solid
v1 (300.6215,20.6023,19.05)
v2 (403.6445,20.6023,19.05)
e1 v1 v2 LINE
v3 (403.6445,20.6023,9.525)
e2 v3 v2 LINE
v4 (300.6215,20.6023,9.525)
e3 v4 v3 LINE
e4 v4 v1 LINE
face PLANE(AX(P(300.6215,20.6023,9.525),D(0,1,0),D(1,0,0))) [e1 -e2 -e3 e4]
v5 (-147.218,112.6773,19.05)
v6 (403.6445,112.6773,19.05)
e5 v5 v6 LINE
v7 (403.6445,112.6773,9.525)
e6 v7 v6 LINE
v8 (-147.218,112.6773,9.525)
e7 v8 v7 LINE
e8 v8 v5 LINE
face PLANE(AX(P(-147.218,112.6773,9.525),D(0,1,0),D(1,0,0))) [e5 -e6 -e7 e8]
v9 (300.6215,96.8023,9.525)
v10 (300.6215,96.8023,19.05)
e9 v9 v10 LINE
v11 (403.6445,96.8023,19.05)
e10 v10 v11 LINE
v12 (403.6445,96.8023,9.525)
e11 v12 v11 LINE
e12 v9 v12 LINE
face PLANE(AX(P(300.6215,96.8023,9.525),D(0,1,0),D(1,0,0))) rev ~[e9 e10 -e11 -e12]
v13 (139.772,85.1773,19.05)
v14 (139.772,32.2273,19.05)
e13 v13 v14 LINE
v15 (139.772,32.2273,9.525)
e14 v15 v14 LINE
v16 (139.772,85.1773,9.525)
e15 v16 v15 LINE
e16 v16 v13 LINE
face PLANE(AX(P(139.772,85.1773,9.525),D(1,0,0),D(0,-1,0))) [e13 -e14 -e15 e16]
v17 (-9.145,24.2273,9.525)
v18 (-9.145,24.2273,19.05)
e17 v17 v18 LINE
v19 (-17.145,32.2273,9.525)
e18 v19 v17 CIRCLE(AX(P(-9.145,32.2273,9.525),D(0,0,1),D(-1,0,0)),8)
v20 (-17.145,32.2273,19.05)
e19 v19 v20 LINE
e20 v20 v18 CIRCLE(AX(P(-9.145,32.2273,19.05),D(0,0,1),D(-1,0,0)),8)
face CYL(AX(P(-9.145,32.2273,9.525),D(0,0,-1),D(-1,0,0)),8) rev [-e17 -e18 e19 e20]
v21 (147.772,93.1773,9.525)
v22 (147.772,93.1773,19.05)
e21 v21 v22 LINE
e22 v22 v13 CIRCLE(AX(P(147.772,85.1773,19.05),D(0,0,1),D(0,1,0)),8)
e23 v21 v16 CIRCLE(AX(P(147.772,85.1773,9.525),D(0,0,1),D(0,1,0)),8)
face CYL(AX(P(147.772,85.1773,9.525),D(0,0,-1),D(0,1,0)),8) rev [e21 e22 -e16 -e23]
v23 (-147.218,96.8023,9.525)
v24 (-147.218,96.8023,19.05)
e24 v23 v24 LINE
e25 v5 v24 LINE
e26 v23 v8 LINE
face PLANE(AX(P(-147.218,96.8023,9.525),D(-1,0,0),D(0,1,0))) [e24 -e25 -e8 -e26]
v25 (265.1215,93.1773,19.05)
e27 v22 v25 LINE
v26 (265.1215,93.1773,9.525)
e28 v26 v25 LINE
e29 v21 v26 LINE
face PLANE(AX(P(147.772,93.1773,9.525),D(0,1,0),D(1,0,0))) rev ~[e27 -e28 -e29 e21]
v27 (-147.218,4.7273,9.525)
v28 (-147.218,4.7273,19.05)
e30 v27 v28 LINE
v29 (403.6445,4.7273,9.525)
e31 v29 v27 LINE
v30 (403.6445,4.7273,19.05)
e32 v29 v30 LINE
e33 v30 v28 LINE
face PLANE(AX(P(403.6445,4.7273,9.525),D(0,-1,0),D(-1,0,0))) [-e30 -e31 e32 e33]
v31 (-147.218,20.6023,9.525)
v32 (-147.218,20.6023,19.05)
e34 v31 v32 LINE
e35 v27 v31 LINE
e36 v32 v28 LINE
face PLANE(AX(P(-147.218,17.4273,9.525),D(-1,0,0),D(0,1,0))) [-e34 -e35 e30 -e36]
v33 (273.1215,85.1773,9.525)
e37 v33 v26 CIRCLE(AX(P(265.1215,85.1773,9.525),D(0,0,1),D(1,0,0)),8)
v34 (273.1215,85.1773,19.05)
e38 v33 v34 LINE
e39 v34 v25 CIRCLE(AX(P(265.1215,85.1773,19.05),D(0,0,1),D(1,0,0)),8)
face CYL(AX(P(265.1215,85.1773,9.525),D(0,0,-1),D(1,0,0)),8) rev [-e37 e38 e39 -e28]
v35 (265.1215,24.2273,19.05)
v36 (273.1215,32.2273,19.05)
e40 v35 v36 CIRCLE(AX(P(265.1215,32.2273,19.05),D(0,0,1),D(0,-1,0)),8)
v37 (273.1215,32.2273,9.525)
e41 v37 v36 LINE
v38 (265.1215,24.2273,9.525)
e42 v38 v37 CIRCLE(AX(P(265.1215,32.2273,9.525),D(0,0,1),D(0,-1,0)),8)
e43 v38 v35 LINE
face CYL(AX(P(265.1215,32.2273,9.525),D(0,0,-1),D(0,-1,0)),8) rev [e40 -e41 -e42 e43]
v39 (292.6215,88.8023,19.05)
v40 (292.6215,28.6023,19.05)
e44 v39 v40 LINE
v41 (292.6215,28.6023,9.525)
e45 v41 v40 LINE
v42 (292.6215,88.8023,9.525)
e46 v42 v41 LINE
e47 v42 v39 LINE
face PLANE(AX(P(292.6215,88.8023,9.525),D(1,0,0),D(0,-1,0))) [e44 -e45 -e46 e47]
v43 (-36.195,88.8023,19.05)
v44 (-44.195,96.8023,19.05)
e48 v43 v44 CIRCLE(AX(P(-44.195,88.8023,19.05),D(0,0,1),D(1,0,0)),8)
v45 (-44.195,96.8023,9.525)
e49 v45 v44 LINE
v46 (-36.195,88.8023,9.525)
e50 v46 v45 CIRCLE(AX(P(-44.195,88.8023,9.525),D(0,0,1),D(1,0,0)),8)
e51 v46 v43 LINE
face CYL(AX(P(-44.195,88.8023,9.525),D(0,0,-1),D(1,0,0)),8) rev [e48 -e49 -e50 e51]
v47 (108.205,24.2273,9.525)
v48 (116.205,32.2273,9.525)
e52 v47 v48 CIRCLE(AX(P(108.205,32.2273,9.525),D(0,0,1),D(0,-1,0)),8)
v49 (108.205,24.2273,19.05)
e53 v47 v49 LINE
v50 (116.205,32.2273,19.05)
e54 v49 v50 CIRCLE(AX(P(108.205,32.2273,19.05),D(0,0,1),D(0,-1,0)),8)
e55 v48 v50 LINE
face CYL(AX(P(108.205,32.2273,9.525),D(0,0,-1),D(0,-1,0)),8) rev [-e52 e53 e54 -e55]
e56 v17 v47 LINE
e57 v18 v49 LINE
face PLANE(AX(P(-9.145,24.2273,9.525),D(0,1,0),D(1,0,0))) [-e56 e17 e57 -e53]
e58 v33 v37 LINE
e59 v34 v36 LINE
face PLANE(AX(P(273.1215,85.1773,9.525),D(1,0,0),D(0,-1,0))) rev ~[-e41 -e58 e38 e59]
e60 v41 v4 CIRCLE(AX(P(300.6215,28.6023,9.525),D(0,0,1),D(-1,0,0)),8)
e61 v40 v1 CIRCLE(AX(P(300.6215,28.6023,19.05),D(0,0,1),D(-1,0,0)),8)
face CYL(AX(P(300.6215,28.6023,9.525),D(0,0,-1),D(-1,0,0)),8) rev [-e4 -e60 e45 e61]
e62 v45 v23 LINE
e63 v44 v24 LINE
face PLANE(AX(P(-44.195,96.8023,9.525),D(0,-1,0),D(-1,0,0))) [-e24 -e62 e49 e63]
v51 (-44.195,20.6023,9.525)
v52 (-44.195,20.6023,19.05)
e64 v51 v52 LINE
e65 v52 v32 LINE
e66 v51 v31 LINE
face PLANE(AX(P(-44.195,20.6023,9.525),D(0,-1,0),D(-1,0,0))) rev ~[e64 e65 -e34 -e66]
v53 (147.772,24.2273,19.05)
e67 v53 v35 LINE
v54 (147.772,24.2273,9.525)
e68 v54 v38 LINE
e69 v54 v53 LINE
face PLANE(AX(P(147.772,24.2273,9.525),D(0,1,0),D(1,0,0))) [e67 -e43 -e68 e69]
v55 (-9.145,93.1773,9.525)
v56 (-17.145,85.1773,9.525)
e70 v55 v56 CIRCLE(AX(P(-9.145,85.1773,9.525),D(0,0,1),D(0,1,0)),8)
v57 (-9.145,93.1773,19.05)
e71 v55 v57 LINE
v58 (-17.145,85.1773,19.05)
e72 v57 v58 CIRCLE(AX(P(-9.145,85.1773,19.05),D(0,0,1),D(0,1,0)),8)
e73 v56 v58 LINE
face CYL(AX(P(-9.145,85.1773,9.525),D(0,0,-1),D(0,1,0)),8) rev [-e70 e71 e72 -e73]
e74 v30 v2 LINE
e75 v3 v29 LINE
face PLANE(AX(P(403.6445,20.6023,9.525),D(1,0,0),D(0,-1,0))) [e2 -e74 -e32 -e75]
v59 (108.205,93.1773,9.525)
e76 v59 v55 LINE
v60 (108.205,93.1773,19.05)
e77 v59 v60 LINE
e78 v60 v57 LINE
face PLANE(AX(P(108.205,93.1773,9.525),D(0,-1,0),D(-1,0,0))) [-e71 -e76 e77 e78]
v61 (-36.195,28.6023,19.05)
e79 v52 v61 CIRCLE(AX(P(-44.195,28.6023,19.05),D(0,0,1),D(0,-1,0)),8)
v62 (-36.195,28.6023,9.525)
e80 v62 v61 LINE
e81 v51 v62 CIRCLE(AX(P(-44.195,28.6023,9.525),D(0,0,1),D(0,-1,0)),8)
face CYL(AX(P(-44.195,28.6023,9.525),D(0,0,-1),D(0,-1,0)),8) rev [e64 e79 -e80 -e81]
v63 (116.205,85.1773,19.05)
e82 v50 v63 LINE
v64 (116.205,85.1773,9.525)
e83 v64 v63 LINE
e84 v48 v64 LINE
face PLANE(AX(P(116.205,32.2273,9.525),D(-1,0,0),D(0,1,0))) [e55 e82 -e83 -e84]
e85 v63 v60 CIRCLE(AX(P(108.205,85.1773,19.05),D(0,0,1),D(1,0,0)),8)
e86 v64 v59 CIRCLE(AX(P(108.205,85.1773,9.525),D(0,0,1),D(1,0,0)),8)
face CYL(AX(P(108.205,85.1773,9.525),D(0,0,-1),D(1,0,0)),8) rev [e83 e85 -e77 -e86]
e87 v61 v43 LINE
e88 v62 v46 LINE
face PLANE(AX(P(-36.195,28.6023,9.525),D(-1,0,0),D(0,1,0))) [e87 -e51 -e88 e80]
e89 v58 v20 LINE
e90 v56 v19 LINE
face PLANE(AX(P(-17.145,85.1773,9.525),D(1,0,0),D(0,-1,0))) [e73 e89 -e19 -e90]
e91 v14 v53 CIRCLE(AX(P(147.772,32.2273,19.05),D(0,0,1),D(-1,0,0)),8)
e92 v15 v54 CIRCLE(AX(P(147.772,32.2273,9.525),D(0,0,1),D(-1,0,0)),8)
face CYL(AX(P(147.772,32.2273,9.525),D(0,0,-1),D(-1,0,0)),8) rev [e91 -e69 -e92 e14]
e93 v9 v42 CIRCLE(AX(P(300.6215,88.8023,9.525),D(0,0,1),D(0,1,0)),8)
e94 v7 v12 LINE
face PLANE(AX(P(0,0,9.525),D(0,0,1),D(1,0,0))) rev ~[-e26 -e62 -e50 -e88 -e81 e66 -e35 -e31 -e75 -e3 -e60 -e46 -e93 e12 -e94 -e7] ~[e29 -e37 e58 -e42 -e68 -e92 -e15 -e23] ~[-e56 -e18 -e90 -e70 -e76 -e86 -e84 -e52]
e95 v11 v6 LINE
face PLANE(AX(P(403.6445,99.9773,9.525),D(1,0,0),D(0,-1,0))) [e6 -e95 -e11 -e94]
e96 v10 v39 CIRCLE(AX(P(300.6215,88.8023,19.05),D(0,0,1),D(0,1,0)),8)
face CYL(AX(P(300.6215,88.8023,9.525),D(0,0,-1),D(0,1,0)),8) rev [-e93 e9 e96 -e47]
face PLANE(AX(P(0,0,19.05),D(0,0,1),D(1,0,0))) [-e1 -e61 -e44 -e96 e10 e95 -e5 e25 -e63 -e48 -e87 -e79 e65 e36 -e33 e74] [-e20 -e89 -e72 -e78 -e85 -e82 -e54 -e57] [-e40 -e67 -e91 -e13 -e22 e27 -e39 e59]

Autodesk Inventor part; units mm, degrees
ref_plane "YZ Plane" through (0, 0, 0) normal (1, 0, 0) x (0, 1, 0)
ref_plane "XZ Plane" through (0, 0, 0) normal (0, 1, 0) x (-1, 0, 0)
ref_plane "XY Plane" through (0, 0, 0) normal (0, 0, 1) x (1, 0, 0)
ref_plane "Work Plane3" through (-147.218, 17.4273, 6.525) normal (0, 0, 1) x (1, 0, 0)
sketch "Sketch7" plane through (-147.218, 17.4273, 6.525) normal (0, 0, 1) x (1, 0, 0)
  line L0 (-4.0025, 142.0373) -> (8.6975, 142.0373)
  line L1 (8.6975, 166.8648) -> (534.16, 166.8648)
  line L2 (534.16, 151.8648) -> (546.86, 151.8648)
  line L3 (534.16, -35.9627) -> (546.86, -35.9627)
  line L4 (8.6975, 158.8648) -> (113.79, 158.8648)
  line L5 (113.79, 142.8648) -> (218.8825, 142.8648)
  line L6 (218.8825, 161.8648) -> (323.975, 161.8648)
  line L7 (323.975, 142.8648) -> (429.0675, 142.8648)
  circle A0 centre (117.7905, 87.3125) radius 3.175
  circle A1 centre (117.7905, -4.7625) radius 3.175
  circle A2 centre (12.6975, 87.3125) radius 3.175
  circle A3 centre (12.6975, -4.7625) radius 3.175
  circle A4 centre (222.8835, 87.3125) radius 3.175
  circle A5 centre (327.9765, 87.3125) radius 3.175
  circle A6 centre (433.0695, 87.3125) radius 3.175
  circle A7 centre (538.1625, 87.3125) radius 3.175
  circle A8 centre (222.8835, -4.7625) radius 3.175
  circle A9 centre (327.9765, -4.7625) radius 3.175
  circle A10 centre (433.0695, -4.7625) radius 3.175
  circle A11 centre (538.1625, -4.7625) radius 3.175
  line L8 (550.8625, -12.7) -> (550.8625, 3.175) projected
  line L9 (-0.0005, 95.25) -> (550.8625, 95.25)
  line L10 (550.8625, 95.25) -> (550.8625, -12.7)
  line L11 (550.8625, -12.7) -> (-0.0005, -12.7)
  line L12 (-0.0005, -12.7) -> (-0.0005, 95.25)
  line L13 (550.862, -9.525) -> (0, -9.525) projected
  point P0 (147.218, -17.4273)
  point P1 (431.29, 55.0373)
  dimension "d164" = 12.7
  dimension "d166" = 525.4625
  dimension "d167" = 12.7
  dimension "d168" = 105.0925
  dimension "d169" = 105.0925
  dimension "d170" = 105.0925
  dimension "d171" = 105.0925
  dimension "d172" = 105.0925
  dimension "d173" = 6.35
  dimension "d174" = 6.35
  dimension "d176" = 6.35
  dimension "d177" = 6.35
  dimension "d178" = 6.35
  dimension "d179" = 6.35
  dimension "d180" = 6.35
  dimension "d181" = 6.35
  dimension "d182" = 6.35
  dimension "d183" = 6.35
  dimension "d184" = 6.35
  dimension "d185" = 107.95
  dimension "d186" = 550.863
  dimension "d189" = 105.093
  dimension "d195" = 105.093
  dimension "d196" = 105.093
  dimension "d197" = 105.093
  dimension "d204" = 105.093
  dimension "d205" = 105.093
  dimension "d209" = 105.093
  dimension "d210" = 105.093
  dimension "d215" = 7.9375
  dimension "d217" = 7.9375
  dimension "d218" = 7.9375
  dimension "d219" = 7.9375
  dimension "d220" = 7.9375
  dimension "d221" = 7.9375
  dimension "d222" = 7.9375
  dimension "d223" = 105.093
  dimension "d224" = 105.093
  dimension "d225" = 7.9375
  dimension "d226" = 7.9375
  dimension "d227" = 7.9375
  dimension "d229" = 7.9375
  dimension "d231" = 12.7
  dimension "d232" = 12.7
  dimension "d233" = 12.698
  dimension "d234" = 7.9375
  dimension "d235" = 12.698
hole "Hole5" [suppressed]
ref_plane "Work Plane4" through (0, 0, 9.525) normal (0, 0, 1) x (1, 0, 0)
sketch "Sketch8" plane through (0, 0, 9.525) normal (0, 0, 1) x (1, 0, 0)
  line L0 (292.6215, 88.8023) -> (292.6215, 28.6023)
  line L1 (273.1215, 85.1773) -> (273.1215, 32.2273)
  line L2 (-36.195, 28.6023) -> (-36.195, 88.8023)
  line L3 (-17.145, 85.1773) -> (-17.145, 32.2273)
  line L4 (-9.145, 24.2273) -> (108.205, 24.2273)
  line L5 (116.205, 32.2273) -> (116.205, 85.1773)
  line L6 (108.205, 93.1773) -> (-9.145, 93.1773)
  line L7 (147.772, 93.1773) -> (265.1215, 93.1773)
  line L8 (139.772, 85.1773) -> (139.772, 32.2273)
  line L9 (147.772, 24.2273) -> (265.1215, 24.2273)
  arc A0 (-9.145, 93.1773) -> (-17.145, 85.1773) centre (-9.145, 85.1773) ccw
  arc A1 (116.205, 85.1773) -> (108.205, 93.1773) centre (108.205, 85.1773) ccw
  arc A2 (-17.145, 32.2273) -> (-9.145, 24.2273) centre (-9.145, 32.2273) ccw
  arc A3 (108.205, 24.2273) -> (116.205, 32.2273) centre (108.205, 32.2273) ccw
  arc A4 (147.772, 93.1773) -> (139.772, 85.1773) centre (147.772, 85.1773) ccw
  arc A5 (273.1215, 85.1773) -> (265.1215, 93.1773) centre (265.1215, 85.1773) ccw
  arc A6 (265.1215, 24.2273) -> (273.1215, 32.2273) centre (265.1215, 32.2273) ccw
  arc A7 (139.772, 32.2273) -> (147.772, 24.2273) centre (147.772, 32.2273) ccw
  arc A8 (300.6215, 96.8023) -> (292.6215, 88.8023) centre (300.6215, 88.8023) ccw
  arc A9 (292.6215, 28.6023) -> (300.6215, 20.6023) centre (300.6215, 28.6023) ccw
  arc A10 (-36.195, 88.8023) -> (-44.195, 96.8023) centre (-44.195, 88.8023) ccw
  arc A11 (-44.195, 20.6023) -> (-36.195, 28.6023) centre (-44.195, 28.6023) ccw
  line L10 (-44.195, 96.8023) -> (-147.218, 96.8023)
  line L11 (-44.195, 20.6023) -> (-147.218, 20.6023)
  line L12 (300.6215, 96.8023) -> (403.6445, 96.8023)
  line L13 (300.6215, 20.6023) -> (403.6445, 20.6023)
  line L14 (-147.218, 112.6773) -> (403.6445, 112.6773)
  line L15 (403.6445, 112.6773) -> (403.6445, 4.7273)
  line L16 (403.6445, 4.7273) -> (-147.218, 4.7273)
  line L17 (-147.218, 4.7273) -> (-147.218, 112.6773)
  line L18 (-147.218, 109.5023) -> (403.6445, 109.5023)
  line L19 (-147.218, 99.9773) -> (403.6445, 99.9773)
  line L20 (-147.218, 7.9023) -> (403.6445, 7.9023)
  line L21 (-147.218, 17.4273) -> (403.6445, 17.4273)
  line L22 (292.6215, 88.8023) -> (292.6215, 28.6023)
  line L23 (273.1215, 85.1773) -> (273.1215, 32.2273)
  line L24 (-36.195, 28.6023) -> (-36.195, 88.8023)
  line L25 (-17.145, 85.1773) -> (-17.145, 32.2273)
  line L26 (-9.145, 24.2273) -> (108.205, 24.2273)
  line L27 (116.205, 32.2273) -> (116.205, 85.1773)
  line L28 (108.205, 93.1773) -> (-9.145, 93.1773)
  line L29 (147.772, 93.1773) -> (265.1215, 93.1773)
  line L30 (139.772, 85.1773) -> (139.772, 32.2273)
  line L31 (147.772, 24.2273) -> (265.1215, 24.2273)
  arc A12 (-9.145, 93.1773) -> (-17.145, 85.1773) centre (-9.145, 85.1773) ccw
  arc A13 (116.205, 85.1773) -> (108.205, 93.1773) centre (108.205, 85.1773) ccw
  arc A14 (-17.145, 32.2273) -> (-9.145, 24.2273) centre (-9.145, 32.2273) ccw
  arc A15 (108.205, 24.2273) -> (116.205, 32.2273) centre (108.205, 32.2273) ccw
  arc A16 (147.772, 93.1773) -> (139.772, 85.1773) centre (147.772, 85.1773) ccw
  arc A17 (273.1215, 85.1773) -> (265.1215, 93.1773) centre (265.1215, 85.1773) ccw
  arc A18 (265.1215, 24.2273) -> (273.1215, 32.2273) centre (265.1215, 32.2273) ccw
  arc A19 (139.772, 32.2273) -> (147.772, 24.2273) centre (147.772, 32.2273) ccw
  arc A20 (300.6215, 96.8023) -> (292.6215, 88.8023) centre (300.6215, 88.8023) ccw
  arc A21 (292.6215, 28.6023) -> (300.6215, 20.6023) centre (300.6215, 28.6023) ccw
  arc A22 (-36.195, 88.8023) -> (-44.195, 96.8023) centre (-44.195, 88.8023) ccw
  arc A23 (-44.195, 20.6023) -> (-36.195, 28.6023) centre (-44.195, 28.6023) ccw
  line L32 (-44.195, 96.8023) -> (-147.218, 96.8023)
  line L33 (-44.195, 20.6023) -> (-147.218, 20.6023)
  line L34 (300.6215, 96.8023) -> (403.6445, 96.8023)
  line L35 (300.6215, 20.6023) -> (403.6445, 20.6023)
  line L36 (-147.218, 112.6773) -> (403.6445, 112.6773)
  line L37 (403.6445, 112.6773) -> (403.6445, 4.7273)
  line L38 (403.6445, 4.7273) -> (-147.218, 4.7273)
  line L39 (-147.218, 4.7273) -> (-147.218, 112.6773)
  line L40 (-147.218, 109.5023) -> (403.6445, 109.5023)
  line L41 (-147.218, 99.9773) -> (403.6445, 99.9773)
  line L42 (-147.218, 7.9023) -> (403.6445, 7.9023)
  line L43 (-147.218, 17.4273) -> (403.6445, 17.4273)
  point P0 (0, 0)
  point P1 (0, 0)
  point P2 (116.205, 58.4523)
  point P3 (0, 0)
  point P4 (0, 0)
  point P5 (116.205, 58.4523)
  dimension "d250" = 133.35
  dimension "d251" = 133.3495
  dimension "d252" = 8
  dimension "d253" = 550.8625
  dimension "d254" = 107.95
  dimension "d255" = 111.023
  dimension "d256" = 111.023
  dimension "d257" = 19.5
  dimension "d258" = 19.5
  dimension "d259" = 19.5
  dimension "d260" = 19.5
  dimension "d261" = 15.875
  dimension "d262" = 3.175
  dimension "d263" = 9.525
  dimension "d264" = 3.175
  dimension "d265" = 9.525
  dimension "d266" = 15.875
  dimension "d267" = 15.875
  dimension "d268" = 76.2
  dimension "d269" = 133.35
  dimension "d270" = 133.3495
  dimension "d271" = 8
  dimension "d272" = 550.8625
  dimension "d273" = 107.95
  dimension "d274" = 111.023
  dimension "d275" = 111.023
  dimension "d276" = 19.5
  dimension "d277" = 19.5
  dimension "d278" = 19.5
  dimension "d279" = 19.5
  dimension "d280" = 15.875
  dimension "d281" = 3.175
  dimension "d282" = 9.525
  dimension "d283" = 3.175
  dimension "d284" = 9.525
  dimension "d285" = 15.875
  dimension "d286" = 15.875
  dimension "d287" = 76.2
extrude "Extrusion4" add sketch "Sketch8" along normal blind 9.525 contours L0 A9 L13 L15 L21 L17 L11 A11 L2 A10 L10 L19 L12 A8 | L19 L17 L18 L15 | L15 L20 L17 L21 | L18 L17 L14 L15 | L15 L16 L17 L20
sketch "Sketch9" plane through (0, 0, 19.05) normal (0, 0, 1) x (1, 0, 0)
  line L0 (292.6215, 88.8023) -> (292.6215, 28.6023)
  line L1 (273.1215, 85.1773) -> (273.1215, 32.2273)
  line L2 (-36.195, 28.6023) -> (-36.195, 88.8023)
  line L3 (-17.145, 85.1773) -> (-17.145, 32.2273)
  line L4 (-9.145, 24.2273) -> (108.205, 24.2273)
  line L5 (116.205, 32.2273) -> (116.205, 85.1773)
  line L6 (108.205, 93.1773) -> (-9.145, 93.1773)
  line L7 (147.772, 93.1773) -> (265.1215, 93.1773)
  line L8 (139.772, 85.1773) -> (139.772, 32.2273)
  line L9 (147.772, 24.2273) -> (265.1215, 24.2273)
  arc A0 (-9.145, 93.1773) -> (-17.145, 85.1773) centre (-9.145, 85.1773) ccw
  arc A1 (116.205, 85.1773) -> (108.205, 93.1773) centre (108.205, 85.1773) ccw
  arc A2 (-17.145, 32.2273) -> (-9.145, 24.2273) centre (-9.145, 32.2273) ccw
  arc A3 (108.205, 24.2273) -> (116.205, 32.2273) centre (108.205, 32.2273) ccw
  arc A4 (147.772, 93.1773) -> (139.772, 85.1773) centre (147.772, 85.1773) ccw
  arc A5 (273.1215, 85.1773) -> (265.1215, 93.1773) centre (265.1215, 85.1773) ccw
  arc A6 (265.1215, 24.2273) -> (273.1215, 32.2273) centre (265.1215, 32.2273) ccw
  arc A7 (139.772, 32.2273) -> (147.772, 24.2273) centre (147.772, 32.2273) ccw
  arc A8 (300.6215, 96.8023) -> (292.6215, 88.8023) centre (300.6215, 88.8023) ccw
  arc A9 (292.6215, 28.6023) -> (300.6215, 20.6023) centre (300.6215, 28.6023) ccw
  arc A10 (-36.195, 88.8023) -> (-44.195, 96.8023) centre (-44.195, 88.8023) ccw
  arc A11 (-44.195, 20.6023) -> (-36.195, 28.6023) centre (-44.195, 28.6023) ccw
  line L10 (-44.195, 96.8023) -> (-147.218, 96.8023)
  line L11 (-44.195, 20.6023) -> (-147.218, 20.6023)
  line L12 (300.6215, 96.8023) -> (403.6445, 96.8023)
  line L13 (300.6215, 20.6023) -> (403.6445, 20.6023)
  line L14 (-147.218, 112.6773) -> (403.6445, 112.6773)
  line L15 (403.6445, 112.6773) -> (403.6445, 4.7273)
  line L16 (403.6445, 4.7273) -> (-147.218, 4.7273)
  line L17 (-147.218, 4.7273) -> (-147.218, 112.6773)
  line L18 (-147.218, 109.5023) -> (403.6445, 109.5023)
  line L19 (-147.218, 99.9773) -> (403.6445, 99.9773)
  line L20 (-147.218, 7.9023) -> (403.6445, 7.9023)
  line L21 (-147.218, 17.4273) -> (403.6445, 17.4273)
  line L22 (292.6215, 88.8023) -> (292.6215, 28.6023)
  line L23 (273.1215, 85.1773) -> (273.1215, 32.2273)
  line L24 (-36.195, 28.6023) -> (-36.195, 88.8023)
  line L25 (-17.145, 85.1773) -> (-17.145, 32.2273)
  line L26 (-9.145, 24.2273) -> (108.205, 24.2273)
  line L27 (116.205, 32.2273) -> (116.205, 85.1773)
  line L28 (108.205, 93.1773) -> (-9.145, 93.1773)
  line L29 (147.772, 93.1773) -> (265.1215, 93.1773)
  line L30 (139.772, 85.1773) -> (139.772, 32.2273)
  line L31 (147.772, 24.2273) -> (265.1215, 24.2273)
  arc A12 (-9.145, 93.1773) -> (-17.145, 85.1773) centre (-9.145, 85.1773) ccw
  arc A13 (116.205, 85.1773) -> (108.205, 93.1773) centre (108.205, 85.1773) ccw
  arc A14 (-17.145, 32.2273) -> (-9.145, 24.2273) centre (-9.145, 32.2273) ccw
  arc A15 (108.205, 24.2273) -> (116.205, 32.2273) centre (108.205, 32.2273) ccw
  arc A16 (147.772, 93.1773) -> (139.772, 85.1773) centre (147.772, 85.1773) ccw
  arc A17 (273.1215, 85.1773) -> (265.1215, 93.1773) centre (265.1215, 85.1773) ccw
  arc A18 (265.1215, 24.2273) -> (273.1215, 32.2273) centre (265.1215, 32.2273) ccw
  arc A19 (139.772, 32.2273) -> (147.772, 24.2273) centre (147.772, 32.2273) ccw
  arc A20 (300.6215, 96.8023) -> (292.6215, 88.8023) centre (300.6215, 88.8023) ccw
  arc A21 (292.6215, 28.6023) -> (300.6215, 20.6023) centre (300.6215, 28.6023) ccw
  arc A22 (-36.195, 88.8023) -> (-44.195, 96.8023) centre (-44.195, 88.8023) ccw
  arc A23 (-44.195, 20.6023) -> (-36.195, 28.6023) centre (-44.195, 28.6023) ccw
  line L32 (-44.195, 96.8023) -> (-147.218, 96.8023)
  line L33 (-44.195, 20.6023) -> (-147.218, 20.6023)
  line L34 (300.6215, 96.8023) -> (403.6445, 96.8023)
  line L35 (300.6215, 20.6023) -> (403.6445, 20.6023)
  line L36 (-147.218, 112.6773) -> (403.6445, 112.6773)
  line L37 (403.6445, 112.6773) -> (403.6445, 4.7273)
  line L38 (403.6445, 4.7273) -> (-147.218, 4.7273)
  line L39 (-147.218, 4.7273) -> (-147.218, 112.6773)
  line L40 (-147.218, 109.5023) -> (403.6445, 109.5023)
  line L41 (-147.218, 99.9773) -> (403.6445, 99.9773)
  line L42 (-147.218, 7.9023) -> (403.6445, 7.9023)
  line L43 (-147.218, 17.4273) -> (403.6445, 17.4273)
  point P0 (0, 0)
  point P1 (0, 0)
  point P2 (0, 0)
  point P3 (116.205, 58.4523)
  point P4 (0, 0)
  point P5 (0, 0)
  point P6 (116.205, 58.4523)
  dimension "d290" = 133.35
  dimension "d291" = 133.3495
  dimension "d292" = 8
  dimension "d293" = 550.8625
  dimension "d294" = 107.95
  dimension "d295" = 111.023
  dimension "d296" = 111.023
  dimension "d297" = 19.5
  dimension "d298" = 19.5
  dimension "d299" = 19.5
  dimension "d300" = 19.5
  dimension "d301" = 15.875
  dimension "d302" = 3.175
  dimension "d303" = 9.525
  dimension "d304" = 3.175
  dimension "d305" = 9.525
  dimension "d306" = 15.875
  dimension "d307" = 15.875
  dimension "d308" = 76.2
  dimension "d309" = 133.35
  dimension "d310" = 133.3495
  dimension "d311" = 8
  dimension "d312" = 550.8625
  dimension "d313" = 107.95
  dimension "d314" = 111.023
  dimension "d315" = 111.023
  dimension "d316" = 19.5
  dimension "d317" = 19.5
  dimension "d318" = 19.5
  dimension "d319" = 19.5
  dimension "d320" = 15.875
  dimension "d321" = 3.175
  dimension "d322" = 9.525
  dimension "d323" = 3.175
  dimension "d324" = 9.525
  dimension "d325" = 15.875
  dimension "d326" = 15.875
  dimension "d327" = 76.2
properties part number "Drivetraintopbottom3" material "Aluminum 6061"
